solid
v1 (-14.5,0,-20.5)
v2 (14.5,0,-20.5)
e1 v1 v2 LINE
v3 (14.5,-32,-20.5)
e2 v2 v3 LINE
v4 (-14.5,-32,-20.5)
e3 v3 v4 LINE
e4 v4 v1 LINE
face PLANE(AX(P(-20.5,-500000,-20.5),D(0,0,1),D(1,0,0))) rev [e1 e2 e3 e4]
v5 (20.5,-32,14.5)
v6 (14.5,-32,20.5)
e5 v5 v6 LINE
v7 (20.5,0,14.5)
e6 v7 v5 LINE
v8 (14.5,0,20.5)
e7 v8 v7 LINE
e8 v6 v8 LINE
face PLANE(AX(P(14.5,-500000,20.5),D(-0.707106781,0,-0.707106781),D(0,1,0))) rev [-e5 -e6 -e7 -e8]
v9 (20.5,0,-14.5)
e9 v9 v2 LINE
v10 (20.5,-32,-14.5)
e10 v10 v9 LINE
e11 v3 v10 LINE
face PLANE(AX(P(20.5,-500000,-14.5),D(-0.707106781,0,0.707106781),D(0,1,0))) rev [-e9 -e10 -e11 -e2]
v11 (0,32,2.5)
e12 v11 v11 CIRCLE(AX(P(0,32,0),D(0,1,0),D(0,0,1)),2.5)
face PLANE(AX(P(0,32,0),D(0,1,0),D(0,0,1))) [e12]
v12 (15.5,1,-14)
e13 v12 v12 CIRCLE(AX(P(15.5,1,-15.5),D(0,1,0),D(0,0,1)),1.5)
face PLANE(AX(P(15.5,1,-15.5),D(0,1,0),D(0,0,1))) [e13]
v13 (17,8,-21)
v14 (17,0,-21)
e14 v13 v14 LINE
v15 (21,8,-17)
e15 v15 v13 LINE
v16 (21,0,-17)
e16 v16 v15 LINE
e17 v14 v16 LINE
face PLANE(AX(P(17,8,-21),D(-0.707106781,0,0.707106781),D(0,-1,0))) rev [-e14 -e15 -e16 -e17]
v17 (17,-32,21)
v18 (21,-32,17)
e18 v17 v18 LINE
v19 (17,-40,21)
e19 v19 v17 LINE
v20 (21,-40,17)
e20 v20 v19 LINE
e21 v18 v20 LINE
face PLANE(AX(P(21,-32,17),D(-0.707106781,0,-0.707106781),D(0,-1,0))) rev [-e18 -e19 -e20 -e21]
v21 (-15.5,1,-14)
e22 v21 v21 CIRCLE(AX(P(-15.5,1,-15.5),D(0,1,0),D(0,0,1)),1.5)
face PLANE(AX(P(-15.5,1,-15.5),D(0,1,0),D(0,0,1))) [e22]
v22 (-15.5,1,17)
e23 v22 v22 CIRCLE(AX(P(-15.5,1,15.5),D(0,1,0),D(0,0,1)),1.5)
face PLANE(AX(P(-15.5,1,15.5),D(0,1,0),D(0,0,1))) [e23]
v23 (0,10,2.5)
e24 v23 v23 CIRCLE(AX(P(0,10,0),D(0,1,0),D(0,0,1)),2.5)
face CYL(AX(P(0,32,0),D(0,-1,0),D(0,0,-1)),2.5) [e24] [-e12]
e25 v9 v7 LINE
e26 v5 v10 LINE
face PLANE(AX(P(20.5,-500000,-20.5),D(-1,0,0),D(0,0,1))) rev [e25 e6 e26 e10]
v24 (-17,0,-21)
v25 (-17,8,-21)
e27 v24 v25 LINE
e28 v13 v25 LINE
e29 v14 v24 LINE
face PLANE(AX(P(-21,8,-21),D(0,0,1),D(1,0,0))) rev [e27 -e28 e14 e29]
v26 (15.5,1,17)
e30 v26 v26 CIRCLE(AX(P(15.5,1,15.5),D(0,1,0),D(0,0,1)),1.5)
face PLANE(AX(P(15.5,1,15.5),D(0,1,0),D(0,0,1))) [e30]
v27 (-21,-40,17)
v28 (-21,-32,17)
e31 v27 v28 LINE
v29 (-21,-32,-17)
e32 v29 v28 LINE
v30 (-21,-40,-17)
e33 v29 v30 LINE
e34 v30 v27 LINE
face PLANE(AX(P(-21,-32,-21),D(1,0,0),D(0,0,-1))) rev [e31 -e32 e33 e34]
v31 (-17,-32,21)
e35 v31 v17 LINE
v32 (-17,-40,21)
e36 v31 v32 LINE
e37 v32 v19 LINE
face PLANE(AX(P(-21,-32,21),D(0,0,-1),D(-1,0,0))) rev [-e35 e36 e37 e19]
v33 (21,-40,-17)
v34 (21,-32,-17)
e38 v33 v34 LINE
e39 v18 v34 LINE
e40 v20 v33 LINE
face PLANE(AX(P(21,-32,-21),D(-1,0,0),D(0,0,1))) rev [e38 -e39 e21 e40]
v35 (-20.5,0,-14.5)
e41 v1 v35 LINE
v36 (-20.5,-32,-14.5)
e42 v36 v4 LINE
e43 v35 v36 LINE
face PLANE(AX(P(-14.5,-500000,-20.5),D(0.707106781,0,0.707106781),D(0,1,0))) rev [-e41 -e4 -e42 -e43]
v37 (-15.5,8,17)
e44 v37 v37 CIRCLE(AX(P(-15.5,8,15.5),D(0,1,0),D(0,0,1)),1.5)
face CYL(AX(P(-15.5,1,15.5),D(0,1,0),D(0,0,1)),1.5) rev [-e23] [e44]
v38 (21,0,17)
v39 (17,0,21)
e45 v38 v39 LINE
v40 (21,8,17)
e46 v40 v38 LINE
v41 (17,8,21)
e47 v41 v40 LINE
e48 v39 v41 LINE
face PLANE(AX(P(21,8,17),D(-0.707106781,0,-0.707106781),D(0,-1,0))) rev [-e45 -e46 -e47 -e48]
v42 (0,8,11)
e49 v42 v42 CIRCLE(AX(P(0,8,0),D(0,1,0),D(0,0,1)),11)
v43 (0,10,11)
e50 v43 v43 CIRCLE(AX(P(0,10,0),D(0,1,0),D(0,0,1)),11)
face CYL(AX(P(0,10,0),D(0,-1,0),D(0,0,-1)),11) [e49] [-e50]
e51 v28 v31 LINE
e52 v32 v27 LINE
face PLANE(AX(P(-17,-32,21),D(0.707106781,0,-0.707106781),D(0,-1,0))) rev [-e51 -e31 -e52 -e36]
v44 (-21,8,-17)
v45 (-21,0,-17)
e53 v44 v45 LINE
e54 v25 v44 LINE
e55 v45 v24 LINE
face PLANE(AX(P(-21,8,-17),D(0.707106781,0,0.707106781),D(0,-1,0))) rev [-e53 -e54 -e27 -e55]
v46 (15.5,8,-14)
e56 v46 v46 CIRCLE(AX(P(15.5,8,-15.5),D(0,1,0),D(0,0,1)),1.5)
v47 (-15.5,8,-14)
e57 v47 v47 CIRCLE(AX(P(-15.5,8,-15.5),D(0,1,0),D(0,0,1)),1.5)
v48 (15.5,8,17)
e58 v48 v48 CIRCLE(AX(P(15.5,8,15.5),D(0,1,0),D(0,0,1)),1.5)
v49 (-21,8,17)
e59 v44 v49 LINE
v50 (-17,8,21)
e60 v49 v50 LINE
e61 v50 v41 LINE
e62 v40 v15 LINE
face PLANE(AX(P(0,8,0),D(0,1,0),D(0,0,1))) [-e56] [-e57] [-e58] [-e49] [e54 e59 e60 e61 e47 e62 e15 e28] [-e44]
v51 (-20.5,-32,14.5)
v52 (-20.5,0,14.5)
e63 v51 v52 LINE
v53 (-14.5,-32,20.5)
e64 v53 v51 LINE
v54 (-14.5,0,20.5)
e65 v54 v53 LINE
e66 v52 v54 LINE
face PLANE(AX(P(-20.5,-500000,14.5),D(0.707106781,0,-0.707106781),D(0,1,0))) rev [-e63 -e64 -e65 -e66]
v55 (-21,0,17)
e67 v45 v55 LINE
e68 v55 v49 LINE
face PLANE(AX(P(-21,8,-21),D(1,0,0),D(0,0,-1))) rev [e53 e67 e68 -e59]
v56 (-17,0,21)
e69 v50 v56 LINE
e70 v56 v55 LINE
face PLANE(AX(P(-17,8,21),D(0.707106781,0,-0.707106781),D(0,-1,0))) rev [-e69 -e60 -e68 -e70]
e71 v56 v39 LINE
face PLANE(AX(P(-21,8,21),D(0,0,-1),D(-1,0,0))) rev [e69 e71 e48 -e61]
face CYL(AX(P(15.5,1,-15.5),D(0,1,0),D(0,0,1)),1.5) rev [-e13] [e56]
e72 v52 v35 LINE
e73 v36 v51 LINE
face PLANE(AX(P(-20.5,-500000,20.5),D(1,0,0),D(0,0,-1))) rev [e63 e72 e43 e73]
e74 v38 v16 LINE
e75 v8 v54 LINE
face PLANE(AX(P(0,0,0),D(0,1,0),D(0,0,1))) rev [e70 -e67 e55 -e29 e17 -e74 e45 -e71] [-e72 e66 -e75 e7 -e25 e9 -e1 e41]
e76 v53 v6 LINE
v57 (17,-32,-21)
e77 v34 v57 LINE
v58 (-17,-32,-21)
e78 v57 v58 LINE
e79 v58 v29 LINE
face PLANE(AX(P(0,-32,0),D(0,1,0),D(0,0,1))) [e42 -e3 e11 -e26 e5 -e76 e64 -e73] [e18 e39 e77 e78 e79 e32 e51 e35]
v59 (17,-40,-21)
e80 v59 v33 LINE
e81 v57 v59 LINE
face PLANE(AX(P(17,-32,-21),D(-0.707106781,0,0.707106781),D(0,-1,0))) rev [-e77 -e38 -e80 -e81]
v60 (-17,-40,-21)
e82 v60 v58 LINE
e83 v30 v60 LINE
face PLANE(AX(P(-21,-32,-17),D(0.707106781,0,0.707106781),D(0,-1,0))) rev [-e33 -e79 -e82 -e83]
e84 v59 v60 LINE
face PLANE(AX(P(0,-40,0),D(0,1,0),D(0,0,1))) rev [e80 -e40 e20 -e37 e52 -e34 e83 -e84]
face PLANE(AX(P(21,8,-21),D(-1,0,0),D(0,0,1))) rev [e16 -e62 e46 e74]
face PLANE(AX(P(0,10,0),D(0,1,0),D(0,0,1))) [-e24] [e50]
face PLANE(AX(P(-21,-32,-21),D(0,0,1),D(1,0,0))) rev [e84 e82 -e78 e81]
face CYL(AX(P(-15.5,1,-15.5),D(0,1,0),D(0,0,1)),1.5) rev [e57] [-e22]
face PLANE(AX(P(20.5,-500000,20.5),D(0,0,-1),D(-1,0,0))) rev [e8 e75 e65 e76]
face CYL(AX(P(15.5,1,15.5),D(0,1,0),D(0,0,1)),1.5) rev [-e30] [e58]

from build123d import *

# Parameters (mm, degrees)
SKETCH1_W           = 42
SKETCH1_H           = 42
BOSS_EXTRUDE1_DEPTH = 8
LPATTERN2_COUNT     = 2
LPATTERN2_PITCH     = 40
BOSS_EXTRUDE4_REACH = 51.82
SKETCH5_W           = 41
SKETCH5_H           = 41
CHAMFER2_SIZE       = 6
CHAMFER1_SIZE       = 4
SKETCH2_R           = 11
BOSS_EXTRUDE2_DEPTH = 2
SKETCH3_R           = 2.5
BOSS_EXTRUDE3_DEPTH = 22
SKETCH6_R           = 1.5
CUT_EXTRUDE1_DEPTH  = 7


with BuildPart() as part:
    # Sketch1 → Boss-Extrude1 (new body)
    with BuildSketch(Plane(origin=(0, 0, 0), x_dir=(1, 0, 0), z_dir=(0, 1, 0))):
        Rectangle(SKETCH1_W, SKETCH1_H)
    extrude(amount=BOSS_EXTRUDE1_DEPTH)


with BuildPart() as lpattern2_1:
    # LPattern2: pattern copy
    add(part.part.moved(Location(Vector(0, -1, 0) * (1 * LPATTERN2_PITCH))))

    # Sketch5 → Boss-Extrude4 (add, up to next)
    with BuildSketch(Plane.XZ, mode=Mode.PRIVATE) as boss_extrude4_sk1:
        Rectangle(SKETCH5_W, SKETCH5_H)
    boss_extrude4_tool1 = extrude(boss_extrude4_sk1.sketch, amount=BOSS_EXTRUDE4_REACH, mode=Mode.PRIVATE) - lpattern2_1.part

    add(part.part)  # Boss-Extrude4 merges part
    add(boss_extrude4_tool1.solids().sort_by_distance((0, 0, 0))[0])

    # Chamfer2
    chamfer2_edges = [lpattern2_1.edges().sort_by_distance(p)[0] for p in [
        (20.5, -16, 20.5),
        (-20.5, -16, 20.5),
        (-20.5, -16, -20.5),
        (20.5, -16, -20.5),
    ]]
    chamfer(chamfer2_edges, length=CHAMFER2_SIZE)

    # Chamfer1
    chamfer1_edges = [lpattern2_1.edges().sort_by_distance(p)[0] for p in [
        (-21, -36, -21),
        (-21, -36, 21),
        (21, -36, 21),
        (21, -36, -21),
        (-21, 4, -21),
        (21, 4, -21),
        (21, 4, 21),
        (-21, 4, 21),
    ]]
    chamfer(chamfer1_edges, length=CHAMFER1_SIZE)

    # Sketch2 → Boss-Extrude2 (add)
    with BuildSketch(Plane(origin=(0, 8, 0), x_dir=(1, 0, 0), z_dir=(0, 1, 0))):
        with Locations(Location((0, 0, 0), (0, 0, 270))):
            Circle(SKETCH2_R)
    extrude(amount=BOSS_EXTRUDE2_DEPTH)

    # Sketch3 → Boss-Extrude3 (add)
    with BuildSketch(Plane(origin=(0, 10, 0), x_dir=(1, 0, 0), z_dir=(0, 1, 0))):
        with Locations(Location((0, 0, 0), (0, 0, 270))):
            Circle(SKETCH3_R)
    extrude(amount=BOSS_EXTRUDE3_DEPTH)

    # Sketch6 → Cut-Extrude1 (cut)
    with BuildSketch(Plane(origin=(0, 8, 0), x_dir=(1, 0, 0), z_dir=(0, 1, 0))):
        with Locations(Location((-15.5, 15.5, 0), (0, 0, 270))):
            Circle(SKETCH6_R)
        with Locations(Location((15.5, 15.5, 0), (0, 0, 270))):
            Circle(SKETCH6_R)
        with Locations(Location((15.5, -15.5, 0), (0, 0, 270))):
            Circle(SKETCH6_R)
        with Locations(Location((-15.5, -15.5, 0), (0, 0, 270))):
            Circle(SKETCH6_R)
    extrude(amount=-CUT_EXTRUDE1_DEPTH, mode=Mode.SUBTRACT)


solid = lpattern2_1.part
